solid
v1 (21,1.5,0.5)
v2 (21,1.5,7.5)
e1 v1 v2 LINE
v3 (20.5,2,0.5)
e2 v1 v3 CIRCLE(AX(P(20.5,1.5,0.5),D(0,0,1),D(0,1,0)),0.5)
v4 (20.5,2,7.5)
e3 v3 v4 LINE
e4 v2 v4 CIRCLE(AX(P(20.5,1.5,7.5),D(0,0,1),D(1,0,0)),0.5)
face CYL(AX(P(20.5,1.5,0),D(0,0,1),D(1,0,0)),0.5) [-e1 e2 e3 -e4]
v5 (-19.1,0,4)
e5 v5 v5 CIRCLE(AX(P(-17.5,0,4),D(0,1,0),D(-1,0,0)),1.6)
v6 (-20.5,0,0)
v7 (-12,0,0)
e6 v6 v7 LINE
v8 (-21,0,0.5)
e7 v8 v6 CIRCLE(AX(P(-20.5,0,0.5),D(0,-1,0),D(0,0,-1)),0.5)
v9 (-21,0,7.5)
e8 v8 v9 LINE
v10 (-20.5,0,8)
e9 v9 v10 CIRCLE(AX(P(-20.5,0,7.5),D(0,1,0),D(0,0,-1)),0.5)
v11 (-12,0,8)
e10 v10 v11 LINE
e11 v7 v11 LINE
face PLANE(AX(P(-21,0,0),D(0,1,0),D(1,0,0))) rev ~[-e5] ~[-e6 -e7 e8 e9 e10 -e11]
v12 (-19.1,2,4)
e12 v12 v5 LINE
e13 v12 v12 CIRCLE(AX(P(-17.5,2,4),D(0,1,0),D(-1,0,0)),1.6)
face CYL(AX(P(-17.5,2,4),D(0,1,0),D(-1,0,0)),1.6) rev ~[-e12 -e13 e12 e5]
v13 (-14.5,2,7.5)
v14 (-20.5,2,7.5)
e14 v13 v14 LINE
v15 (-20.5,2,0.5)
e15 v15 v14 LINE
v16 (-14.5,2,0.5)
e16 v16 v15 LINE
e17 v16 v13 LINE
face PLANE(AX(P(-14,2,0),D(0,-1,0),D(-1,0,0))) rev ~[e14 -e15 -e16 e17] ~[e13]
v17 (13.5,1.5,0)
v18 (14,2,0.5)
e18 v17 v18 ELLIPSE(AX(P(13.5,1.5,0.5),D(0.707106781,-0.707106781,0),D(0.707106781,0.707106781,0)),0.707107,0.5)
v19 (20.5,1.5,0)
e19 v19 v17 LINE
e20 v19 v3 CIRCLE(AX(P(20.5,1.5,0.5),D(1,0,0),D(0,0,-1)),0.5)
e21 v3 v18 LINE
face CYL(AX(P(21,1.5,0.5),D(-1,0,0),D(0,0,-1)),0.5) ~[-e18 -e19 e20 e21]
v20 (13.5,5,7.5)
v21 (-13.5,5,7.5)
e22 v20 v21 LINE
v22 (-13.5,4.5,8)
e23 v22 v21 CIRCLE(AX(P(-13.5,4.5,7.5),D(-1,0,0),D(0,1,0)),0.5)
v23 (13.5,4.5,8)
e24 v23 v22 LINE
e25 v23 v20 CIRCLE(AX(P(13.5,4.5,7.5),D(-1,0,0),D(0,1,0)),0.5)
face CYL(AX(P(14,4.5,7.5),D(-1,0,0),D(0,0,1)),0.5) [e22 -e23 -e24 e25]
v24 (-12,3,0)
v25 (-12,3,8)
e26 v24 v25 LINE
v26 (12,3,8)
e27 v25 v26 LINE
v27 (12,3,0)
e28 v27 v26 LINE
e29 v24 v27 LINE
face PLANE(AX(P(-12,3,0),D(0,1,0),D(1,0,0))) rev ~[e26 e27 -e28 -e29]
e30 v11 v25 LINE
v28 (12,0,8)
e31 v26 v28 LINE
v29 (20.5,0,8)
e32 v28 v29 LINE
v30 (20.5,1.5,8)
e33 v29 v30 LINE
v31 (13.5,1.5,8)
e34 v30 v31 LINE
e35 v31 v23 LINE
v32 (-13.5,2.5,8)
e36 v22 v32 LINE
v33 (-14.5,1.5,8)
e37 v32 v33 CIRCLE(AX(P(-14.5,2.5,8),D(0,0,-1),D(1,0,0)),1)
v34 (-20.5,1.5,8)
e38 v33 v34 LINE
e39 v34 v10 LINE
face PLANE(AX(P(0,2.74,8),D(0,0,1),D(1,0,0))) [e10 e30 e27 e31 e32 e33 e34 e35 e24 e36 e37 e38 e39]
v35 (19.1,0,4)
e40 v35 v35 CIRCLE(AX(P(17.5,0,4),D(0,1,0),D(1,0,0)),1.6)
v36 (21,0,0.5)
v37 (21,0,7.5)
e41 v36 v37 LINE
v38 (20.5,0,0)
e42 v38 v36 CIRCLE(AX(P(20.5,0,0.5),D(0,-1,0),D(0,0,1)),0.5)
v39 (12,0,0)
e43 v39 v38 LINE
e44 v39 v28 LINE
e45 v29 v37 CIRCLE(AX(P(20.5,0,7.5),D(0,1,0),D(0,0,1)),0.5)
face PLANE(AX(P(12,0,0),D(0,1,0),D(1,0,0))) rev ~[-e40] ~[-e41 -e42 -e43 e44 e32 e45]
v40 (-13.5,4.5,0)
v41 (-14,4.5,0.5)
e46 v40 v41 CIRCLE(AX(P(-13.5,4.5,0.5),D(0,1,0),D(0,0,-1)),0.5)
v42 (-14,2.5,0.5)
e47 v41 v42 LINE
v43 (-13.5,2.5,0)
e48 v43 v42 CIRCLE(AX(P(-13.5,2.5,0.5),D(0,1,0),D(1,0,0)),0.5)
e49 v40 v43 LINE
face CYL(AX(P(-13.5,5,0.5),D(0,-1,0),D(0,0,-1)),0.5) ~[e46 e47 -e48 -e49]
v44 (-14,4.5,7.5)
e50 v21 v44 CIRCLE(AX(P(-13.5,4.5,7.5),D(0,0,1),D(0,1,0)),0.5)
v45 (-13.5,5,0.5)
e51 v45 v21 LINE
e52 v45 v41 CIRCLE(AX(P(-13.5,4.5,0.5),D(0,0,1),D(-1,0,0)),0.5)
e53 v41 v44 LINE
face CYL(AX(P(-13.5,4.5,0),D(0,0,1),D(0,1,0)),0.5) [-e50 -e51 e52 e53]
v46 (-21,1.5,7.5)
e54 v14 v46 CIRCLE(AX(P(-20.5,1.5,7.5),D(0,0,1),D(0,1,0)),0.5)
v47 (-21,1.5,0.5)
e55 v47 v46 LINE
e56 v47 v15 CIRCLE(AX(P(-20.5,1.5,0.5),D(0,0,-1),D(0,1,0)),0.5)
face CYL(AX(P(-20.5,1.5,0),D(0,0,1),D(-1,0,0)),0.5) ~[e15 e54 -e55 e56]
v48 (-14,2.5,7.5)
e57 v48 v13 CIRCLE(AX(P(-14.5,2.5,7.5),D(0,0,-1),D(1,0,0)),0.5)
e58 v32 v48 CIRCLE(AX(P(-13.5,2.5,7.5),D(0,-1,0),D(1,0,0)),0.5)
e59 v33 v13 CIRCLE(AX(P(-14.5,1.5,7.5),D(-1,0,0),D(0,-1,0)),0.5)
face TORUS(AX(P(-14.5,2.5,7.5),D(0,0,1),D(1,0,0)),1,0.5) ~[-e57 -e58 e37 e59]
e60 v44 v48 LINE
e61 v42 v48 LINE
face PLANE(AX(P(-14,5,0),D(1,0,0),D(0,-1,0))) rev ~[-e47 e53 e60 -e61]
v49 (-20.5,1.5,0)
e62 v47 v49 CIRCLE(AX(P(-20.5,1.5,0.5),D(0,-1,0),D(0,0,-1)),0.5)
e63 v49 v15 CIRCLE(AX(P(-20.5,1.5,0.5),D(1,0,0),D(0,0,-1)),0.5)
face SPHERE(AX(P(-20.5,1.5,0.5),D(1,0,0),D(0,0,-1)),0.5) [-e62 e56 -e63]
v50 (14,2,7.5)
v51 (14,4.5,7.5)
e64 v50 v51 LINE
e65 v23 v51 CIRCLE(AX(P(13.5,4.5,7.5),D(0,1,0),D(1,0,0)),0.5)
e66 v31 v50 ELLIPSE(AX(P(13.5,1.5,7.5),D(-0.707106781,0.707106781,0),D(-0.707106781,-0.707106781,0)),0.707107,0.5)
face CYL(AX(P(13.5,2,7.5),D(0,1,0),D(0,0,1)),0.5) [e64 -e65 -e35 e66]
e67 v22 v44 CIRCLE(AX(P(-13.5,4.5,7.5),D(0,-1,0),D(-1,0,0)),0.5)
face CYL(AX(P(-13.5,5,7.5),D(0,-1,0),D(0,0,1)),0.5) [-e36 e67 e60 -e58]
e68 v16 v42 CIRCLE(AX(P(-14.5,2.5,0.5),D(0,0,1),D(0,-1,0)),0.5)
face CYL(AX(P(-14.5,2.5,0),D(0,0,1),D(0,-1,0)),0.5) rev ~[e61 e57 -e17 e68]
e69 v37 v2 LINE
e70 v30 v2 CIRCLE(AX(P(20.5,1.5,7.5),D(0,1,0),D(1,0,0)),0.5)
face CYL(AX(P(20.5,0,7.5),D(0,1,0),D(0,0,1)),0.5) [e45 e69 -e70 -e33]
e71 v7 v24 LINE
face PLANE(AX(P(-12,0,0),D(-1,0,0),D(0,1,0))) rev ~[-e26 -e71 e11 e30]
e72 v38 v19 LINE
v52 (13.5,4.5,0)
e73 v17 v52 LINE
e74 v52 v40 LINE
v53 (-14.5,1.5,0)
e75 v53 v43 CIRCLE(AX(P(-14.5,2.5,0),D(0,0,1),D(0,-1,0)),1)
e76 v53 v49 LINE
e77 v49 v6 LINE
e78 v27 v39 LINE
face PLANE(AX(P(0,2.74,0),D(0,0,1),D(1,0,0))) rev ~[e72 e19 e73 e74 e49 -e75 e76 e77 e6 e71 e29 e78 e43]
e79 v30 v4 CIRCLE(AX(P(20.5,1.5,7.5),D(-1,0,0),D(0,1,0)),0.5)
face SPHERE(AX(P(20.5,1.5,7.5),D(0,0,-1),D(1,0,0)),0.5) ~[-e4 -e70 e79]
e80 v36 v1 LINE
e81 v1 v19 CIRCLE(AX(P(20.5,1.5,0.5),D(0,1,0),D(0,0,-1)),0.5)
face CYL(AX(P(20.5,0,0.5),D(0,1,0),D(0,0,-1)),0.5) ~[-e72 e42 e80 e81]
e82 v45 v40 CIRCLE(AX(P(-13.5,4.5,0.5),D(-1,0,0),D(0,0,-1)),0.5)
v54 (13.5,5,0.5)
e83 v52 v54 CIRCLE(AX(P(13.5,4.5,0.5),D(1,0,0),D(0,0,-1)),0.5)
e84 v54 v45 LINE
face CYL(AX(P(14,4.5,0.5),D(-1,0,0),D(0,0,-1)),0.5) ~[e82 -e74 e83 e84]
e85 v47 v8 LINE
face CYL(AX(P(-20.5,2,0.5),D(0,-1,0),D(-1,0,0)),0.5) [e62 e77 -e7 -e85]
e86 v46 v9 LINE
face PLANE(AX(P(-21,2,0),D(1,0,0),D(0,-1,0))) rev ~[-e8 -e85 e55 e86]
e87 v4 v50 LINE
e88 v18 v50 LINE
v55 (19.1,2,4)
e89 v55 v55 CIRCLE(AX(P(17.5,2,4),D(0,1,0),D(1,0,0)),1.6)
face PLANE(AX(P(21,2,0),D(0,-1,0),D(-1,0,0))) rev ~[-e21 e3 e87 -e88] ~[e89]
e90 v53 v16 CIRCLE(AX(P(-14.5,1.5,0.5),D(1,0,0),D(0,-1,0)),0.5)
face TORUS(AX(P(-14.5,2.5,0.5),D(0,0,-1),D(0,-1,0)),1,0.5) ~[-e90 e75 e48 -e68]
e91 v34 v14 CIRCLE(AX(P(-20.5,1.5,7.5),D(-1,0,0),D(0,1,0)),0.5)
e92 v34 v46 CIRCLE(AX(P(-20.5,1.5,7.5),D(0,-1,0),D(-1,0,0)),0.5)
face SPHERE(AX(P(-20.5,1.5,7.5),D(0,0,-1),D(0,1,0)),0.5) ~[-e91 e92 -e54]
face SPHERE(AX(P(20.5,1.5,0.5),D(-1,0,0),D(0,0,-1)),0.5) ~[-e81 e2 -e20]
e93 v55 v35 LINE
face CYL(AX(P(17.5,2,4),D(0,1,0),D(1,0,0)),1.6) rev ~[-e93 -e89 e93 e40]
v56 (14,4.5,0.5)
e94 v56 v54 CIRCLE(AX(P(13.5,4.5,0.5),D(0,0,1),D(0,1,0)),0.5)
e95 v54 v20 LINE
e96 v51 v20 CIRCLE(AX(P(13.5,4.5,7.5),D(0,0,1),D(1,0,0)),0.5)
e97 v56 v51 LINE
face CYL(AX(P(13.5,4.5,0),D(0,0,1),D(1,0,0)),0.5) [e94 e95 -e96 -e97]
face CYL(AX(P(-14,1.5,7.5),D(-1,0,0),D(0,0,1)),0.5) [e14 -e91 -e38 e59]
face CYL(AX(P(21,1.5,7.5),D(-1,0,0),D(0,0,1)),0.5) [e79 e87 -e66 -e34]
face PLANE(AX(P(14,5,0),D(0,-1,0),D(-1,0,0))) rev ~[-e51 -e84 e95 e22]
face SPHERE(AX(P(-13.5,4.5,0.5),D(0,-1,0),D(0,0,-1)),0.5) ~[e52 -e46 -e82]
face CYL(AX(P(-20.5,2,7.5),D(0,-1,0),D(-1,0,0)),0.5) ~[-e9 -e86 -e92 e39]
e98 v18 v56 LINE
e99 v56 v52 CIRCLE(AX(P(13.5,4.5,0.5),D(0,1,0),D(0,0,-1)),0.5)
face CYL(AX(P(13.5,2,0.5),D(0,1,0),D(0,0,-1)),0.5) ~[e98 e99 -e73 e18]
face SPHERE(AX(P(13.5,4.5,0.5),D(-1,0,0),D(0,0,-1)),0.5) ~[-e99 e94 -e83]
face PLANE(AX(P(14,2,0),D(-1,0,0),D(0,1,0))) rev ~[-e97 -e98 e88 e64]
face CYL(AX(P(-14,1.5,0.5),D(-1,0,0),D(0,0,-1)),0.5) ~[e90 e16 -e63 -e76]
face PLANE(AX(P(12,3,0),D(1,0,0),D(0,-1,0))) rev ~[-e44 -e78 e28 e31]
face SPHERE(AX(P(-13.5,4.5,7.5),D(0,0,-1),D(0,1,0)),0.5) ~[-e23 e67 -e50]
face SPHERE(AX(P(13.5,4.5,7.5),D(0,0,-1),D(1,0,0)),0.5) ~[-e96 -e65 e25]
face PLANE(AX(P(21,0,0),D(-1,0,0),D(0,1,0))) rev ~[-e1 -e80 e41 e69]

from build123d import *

# Parameters (mm, degrees)
GRUNDK_RPER_DEPTH         = 8
SKIZZE2_R                 = 1.6
BOHRUNG_BEFESTIGUNG_DEPTH = 23.671568098
VERRUNDUNG1_R             = 0.5


with BuildPart() as part:
    # Skizze1 → Grundkörper (new body)
    with BuildSketch(Plane.XY):
        Polygon((-21, 0), (-12, 0), (-12, 3), (12, 3), (12, 0), (21, 0), (21, 2), (14, 2), (14, 5), (-14, 5), (-14, 2), (-21, 2), align=None)
    extrude(amount=GRUNDK_RPER_DEPTH)

    # Skizze2 → Bohrung_Befestigung (cut, through all)
    with BuildSketch(Plane(origin=(0, 2, 0), x_dir=(1, 0, 0), z_dir=(0, 1, 0))):
        with Locations(Location((-17.5, -4, 0), (0, 0, 180))):
            Circle(SKIZZE2_R)
        with Locations((17.5, -4)):
            Circle(SKIZZE2_R)
    extrude(amount=-BOHRUNG_BEFESTIGUNG_DEPTH, mode=Mode.SUBTRACT)

    # Verrundung1
    verrundung1_edges = [part.edges().sort_by_distance(p)[0] for p in [
        (-17.5, 2, 0),
        (-14, 3.5, 0),
        (0, 5, 0),
        (14, 3.5, 0),
        (17.5, 2, 0),
        (21, 1, 0),
        (-21, 1, 0),
        (-21, 2, 4),
        (-14, 2, 4),
        (-14, 5, 4),
        (14, 5, 4),
        (21, 2, 4),
        (21, 1, 8),
        (17.5, 2, 8),
        (14, 3.5, 8),
        (0, 5, 8),
        (-14, 3.5, 8),
        (-17.5, 2, 8),
        (-21, 1, 8),
    ]]
    fillet(verrundung1_edges, radius=VERRUNDUNG1_R)


solid = part.part
